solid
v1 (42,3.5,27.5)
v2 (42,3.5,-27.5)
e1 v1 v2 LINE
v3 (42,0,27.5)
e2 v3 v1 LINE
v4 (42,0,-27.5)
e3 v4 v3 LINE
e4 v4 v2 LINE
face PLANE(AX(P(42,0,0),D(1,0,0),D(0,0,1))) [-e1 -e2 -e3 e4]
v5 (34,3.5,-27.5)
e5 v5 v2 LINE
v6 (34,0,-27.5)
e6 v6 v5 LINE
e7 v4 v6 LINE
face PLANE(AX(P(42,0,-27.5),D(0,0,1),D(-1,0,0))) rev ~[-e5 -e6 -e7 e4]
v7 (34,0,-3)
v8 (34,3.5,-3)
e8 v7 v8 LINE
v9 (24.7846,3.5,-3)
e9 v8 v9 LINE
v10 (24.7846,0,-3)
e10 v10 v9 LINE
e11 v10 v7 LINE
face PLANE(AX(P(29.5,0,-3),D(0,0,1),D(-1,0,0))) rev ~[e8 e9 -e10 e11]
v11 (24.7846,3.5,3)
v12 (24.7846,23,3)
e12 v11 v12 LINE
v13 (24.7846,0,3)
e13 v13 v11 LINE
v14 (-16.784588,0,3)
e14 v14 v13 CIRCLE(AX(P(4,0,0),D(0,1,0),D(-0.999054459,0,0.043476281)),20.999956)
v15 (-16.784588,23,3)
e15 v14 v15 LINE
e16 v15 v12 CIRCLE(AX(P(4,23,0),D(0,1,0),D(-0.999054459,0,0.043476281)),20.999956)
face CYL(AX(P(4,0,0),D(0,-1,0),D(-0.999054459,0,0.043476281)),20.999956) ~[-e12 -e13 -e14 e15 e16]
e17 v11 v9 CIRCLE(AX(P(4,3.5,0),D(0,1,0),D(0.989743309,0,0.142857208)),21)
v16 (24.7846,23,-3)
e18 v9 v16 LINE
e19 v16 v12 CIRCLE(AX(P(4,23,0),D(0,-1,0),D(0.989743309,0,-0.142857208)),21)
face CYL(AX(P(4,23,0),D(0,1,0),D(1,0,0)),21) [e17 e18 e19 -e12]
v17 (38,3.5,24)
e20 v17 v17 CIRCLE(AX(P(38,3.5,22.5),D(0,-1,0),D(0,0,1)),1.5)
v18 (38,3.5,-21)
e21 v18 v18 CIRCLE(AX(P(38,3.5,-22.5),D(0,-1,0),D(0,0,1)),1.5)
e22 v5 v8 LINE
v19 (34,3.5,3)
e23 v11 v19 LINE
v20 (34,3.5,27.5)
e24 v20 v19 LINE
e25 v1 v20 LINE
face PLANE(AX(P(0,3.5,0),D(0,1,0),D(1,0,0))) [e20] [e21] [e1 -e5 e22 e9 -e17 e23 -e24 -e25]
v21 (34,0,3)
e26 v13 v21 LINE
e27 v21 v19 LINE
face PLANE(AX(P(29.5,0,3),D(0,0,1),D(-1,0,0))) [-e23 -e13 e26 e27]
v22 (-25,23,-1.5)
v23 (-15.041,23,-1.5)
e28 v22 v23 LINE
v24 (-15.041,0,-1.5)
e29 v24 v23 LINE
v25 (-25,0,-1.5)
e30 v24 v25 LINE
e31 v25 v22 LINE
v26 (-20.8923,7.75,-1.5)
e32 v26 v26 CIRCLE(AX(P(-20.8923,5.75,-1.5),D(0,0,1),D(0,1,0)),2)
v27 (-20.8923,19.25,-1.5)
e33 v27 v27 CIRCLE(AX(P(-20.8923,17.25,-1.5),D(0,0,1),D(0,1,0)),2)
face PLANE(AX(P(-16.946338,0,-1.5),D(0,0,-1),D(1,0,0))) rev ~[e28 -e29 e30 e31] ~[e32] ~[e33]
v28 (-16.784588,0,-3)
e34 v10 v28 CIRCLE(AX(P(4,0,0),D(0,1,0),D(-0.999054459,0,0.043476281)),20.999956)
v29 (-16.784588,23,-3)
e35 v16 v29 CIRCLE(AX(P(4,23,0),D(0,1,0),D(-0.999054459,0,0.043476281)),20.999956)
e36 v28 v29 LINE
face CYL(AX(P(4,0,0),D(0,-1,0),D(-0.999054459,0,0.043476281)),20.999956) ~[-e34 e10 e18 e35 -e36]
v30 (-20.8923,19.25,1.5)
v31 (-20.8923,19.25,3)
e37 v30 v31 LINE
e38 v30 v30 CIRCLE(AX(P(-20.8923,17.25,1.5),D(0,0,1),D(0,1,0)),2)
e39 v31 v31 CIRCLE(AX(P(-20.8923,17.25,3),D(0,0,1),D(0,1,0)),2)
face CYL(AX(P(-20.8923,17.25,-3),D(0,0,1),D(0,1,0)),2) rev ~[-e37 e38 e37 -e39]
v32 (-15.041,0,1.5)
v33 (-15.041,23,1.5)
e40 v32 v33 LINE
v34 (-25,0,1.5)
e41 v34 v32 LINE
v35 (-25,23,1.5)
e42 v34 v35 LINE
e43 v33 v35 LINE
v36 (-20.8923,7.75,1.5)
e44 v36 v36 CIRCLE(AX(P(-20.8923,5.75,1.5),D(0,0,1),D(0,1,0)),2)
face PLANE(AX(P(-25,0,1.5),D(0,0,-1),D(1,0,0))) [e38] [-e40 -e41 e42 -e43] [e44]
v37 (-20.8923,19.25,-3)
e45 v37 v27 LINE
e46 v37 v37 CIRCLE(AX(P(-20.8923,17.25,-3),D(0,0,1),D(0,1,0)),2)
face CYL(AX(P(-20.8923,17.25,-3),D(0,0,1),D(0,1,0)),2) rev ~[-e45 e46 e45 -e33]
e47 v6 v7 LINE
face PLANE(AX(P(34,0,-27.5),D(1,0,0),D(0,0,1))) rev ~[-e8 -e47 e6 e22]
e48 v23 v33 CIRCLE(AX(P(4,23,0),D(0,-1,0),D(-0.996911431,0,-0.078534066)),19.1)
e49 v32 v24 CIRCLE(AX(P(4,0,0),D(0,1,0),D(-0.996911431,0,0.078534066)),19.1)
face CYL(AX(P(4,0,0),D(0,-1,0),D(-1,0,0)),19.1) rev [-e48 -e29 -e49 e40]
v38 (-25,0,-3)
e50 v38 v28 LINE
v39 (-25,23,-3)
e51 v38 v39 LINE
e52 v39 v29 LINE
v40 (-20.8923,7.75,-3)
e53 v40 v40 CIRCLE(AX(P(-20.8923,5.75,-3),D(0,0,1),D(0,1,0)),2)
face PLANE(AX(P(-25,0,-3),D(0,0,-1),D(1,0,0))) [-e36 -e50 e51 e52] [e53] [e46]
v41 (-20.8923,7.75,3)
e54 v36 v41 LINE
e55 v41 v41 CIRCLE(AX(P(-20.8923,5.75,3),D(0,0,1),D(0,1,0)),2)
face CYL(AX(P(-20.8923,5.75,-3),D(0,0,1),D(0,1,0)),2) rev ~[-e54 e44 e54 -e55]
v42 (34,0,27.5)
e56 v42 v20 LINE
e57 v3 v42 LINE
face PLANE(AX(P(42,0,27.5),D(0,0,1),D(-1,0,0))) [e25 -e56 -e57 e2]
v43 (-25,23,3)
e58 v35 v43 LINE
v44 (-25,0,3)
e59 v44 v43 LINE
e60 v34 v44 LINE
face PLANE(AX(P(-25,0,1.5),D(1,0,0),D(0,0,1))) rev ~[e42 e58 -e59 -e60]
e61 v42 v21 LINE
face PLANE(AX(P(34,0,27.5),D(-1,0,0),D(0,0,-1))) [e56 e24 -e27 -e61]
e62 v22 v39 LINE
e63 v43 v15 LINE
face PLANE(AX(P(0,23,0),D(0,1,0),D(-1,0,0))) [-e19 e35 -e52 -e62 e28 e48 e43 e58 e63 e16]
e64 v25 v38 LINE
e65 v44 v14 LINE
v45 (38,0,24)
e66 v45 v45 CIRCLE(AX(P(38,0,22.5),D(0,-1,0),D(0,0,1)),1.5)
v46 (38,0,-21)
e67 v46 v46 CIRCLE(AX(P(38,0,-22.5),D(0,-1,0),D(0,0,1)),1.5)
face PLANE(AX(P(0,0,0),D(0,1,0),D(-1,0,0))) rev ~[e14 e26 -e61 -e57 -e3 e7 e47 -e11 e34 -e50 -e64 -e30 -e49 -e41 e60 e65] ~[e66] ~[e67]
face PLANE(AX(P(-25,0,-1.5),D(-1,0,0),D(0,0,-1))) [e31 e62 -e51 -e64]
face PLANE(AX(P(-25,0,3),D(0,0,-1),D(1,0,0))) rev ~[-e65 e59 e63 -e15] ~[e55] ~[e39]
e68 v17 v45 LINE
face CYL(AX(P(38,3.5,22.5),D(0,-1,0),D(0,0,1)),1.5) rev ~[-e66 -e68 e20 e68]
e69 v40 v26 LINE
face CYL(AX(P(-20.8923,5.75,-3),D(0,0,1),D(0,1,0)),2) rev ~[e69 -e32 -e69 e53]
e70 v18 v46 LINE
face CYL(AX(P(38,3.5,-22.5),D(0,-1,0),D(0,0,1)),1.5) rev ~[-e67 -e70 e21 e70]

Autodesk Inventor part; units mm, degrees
ref_plane "YZ Plane" through (0, 0, 0) normal (1, 0, 0) x (0, 1, 0)
ref_plane "XZ Plane" through (0, 0, 0) normal (0, 1, 0) x (-1, 0, 0)
ref_plane "XY Plane" through (0, 0, 0) normal (0, 0, 1) x (1, 0, 0)
sketch "Sketch1" plane through (0, 0, 0) normal (0, 1, 0) x (-1, 0, 0)
  arc A0 (16.9801, 0.913) -> (16.9801, -0.913) centre (-4, 0) ccw
  circle A1 centre (-4, 0) radius 21
  circle A2 centre (-4, 0) radius 19.1
  line L0 (17, 0) -> (25, 0)
  line L1 (25, 0) -> (25, -1.5)
  line L2 (25, -1.5) -> (15.041, -1.5)
  line L3 (25, 0) -> (25, 1.5)
  line L4 (25, 1.5) -> (15.041, 1.5)
  line L5 (25, -1.5) -> (25, -3)
  line L6 (25, -3) -> (14.8629, -3)
  line L7 (25, 1.5) -> (25, 3)
  line L8 (25, 3) -> (14.8629, 3)
  line L9 (-25, 0) -> (-34, 0)
  line L10 (-34, 0) -> (-42, 0)
  line L11 (-42, 0) -> (-42, 27.5)
  line L12 (-42, 27.5) -> (-34, 27.5)
  line L13 (-34, 27.5) -> (-34, 0)
  line L14 (-42, 0) -> (-42, -27.5)
  line L15 (-42, -27.5) -> (-34, -27.5)
  line L16 (-34, -27.5) -> (-34, 0)
  line L17 (-29.5, 0) -> (-29.5, 3)
  line L18 (-29.5, 3) -> (-24.7846, 3)
  line L19 (-29.5, 3) -> (-34, 3)
  line L20 (-29.5, 0) -> (-29.5, -3)
  line L21 (-29.5, -3) -> (-24.7846, -3)
  line L22 (-29.5, -3) -> (-34, -3)
  point P0 (-22.9783, -26)
  point P1 (16.7846, 3)
  point P2 (16.7846, -3)
  point P3 (-24.7846, 3)
  dimension "d8" = 38.2
  dimension "d9" = 8
  dimension "d10" = 1.5
  dimension "d11" = 1.5
  dimension "d12" = 1.5
  dimension "d13" = 1.5
  dimension "d31" = 21
  dimension "d60" = 9
  dimension "d61" = 8
  dimension "d62" = 27.5
  dimension "d63" = 27.5
  dimension "d64" = 3
  dimension "d65" = 3
extrude "Extrusion1" add sketch "Sketch1" along normal blind 23 contours A0 L8 A2 L6 | A0 L9 L17 L18 | A0 L21 L20 L9 | L8 L7 L4 A0 | A0 L4 A2 L8 | L17 L9 L13 L19 | L20 L22 L16 L9 | L13 L10 L11 L12 | L6 A2 L2 A0 | A0 L2 L5 L6 | L16 L15 L14 L10
sketch "Sketch4" plane through (-16.7846, 0, -3) normal (0, 0, -1) x (-1, 0, 0)
  line L0 (0, 0) -> (-41.5692, 0) projected
  line L1 (8.2154, 0) -> (8.2154, 23) projected
  line L2 (0, 0) -> (8.2154, 0)
  line L3 (8.2154, 0) -> (8.2154, 23)
  line L4 (8.2154, 23) -> (0, 23)
  line L5 (0, 23) -> (0, 0)
  line L6 (0, 11.5) -> (8.2154, 11.5)
  line L7 (4.1077, 11.5) -> (4.1077, 23)
  line L8 (4.1077, 11.5) -> (4.1077, 0)
  point P0 (-16.7846, 0)
  point P1 (4.1077, 5.75)
  point P2 (4.1077, 17.25)
hole "Hole2" at (-20.8923, 5.75, -3) at (-20.8923, 17.25, -3) direction (0, 0, 1) diameter 4 depth 8 tip angle 118
sketch "Sketch8" plane through (0, 23, 0) normal (0, 1, 0) x (1, 0, 0)
  line L0 (34, 3) -> (24.7846, 3) projected
  line L1 (34, 3) -> (24.7846, 3)
  line L2 (34, 27.5) -> (34, 3) projected
  line L3 (34, 3) -> (34, 27.5)
  line L4 (42, -27.5) -> (42, 27.5) projected
  line L5 (34, 27.5) -> (42, 27.5)
  line L6 (42, 27.5) -> (42, -27.5)
  line L7 (42, -27.5) -> (34, -27.5)
  line L8 (24.7846, -3) -> (34, -3) projected
  line L9 (34, -27.5) -> (34, -3)
  line L10 (34, -3) -> (24.7846, -3)
  arc A0 (24.7846, 3) -> (-16.7846, 3) centre (4, 0) ccw projected
  line L11 (4, 21) -> (4, 0)
  circle A1 centre (4, 0) radius 21
  point P0 (0, 0)
  point P1 (24.7846, 3)
  point P2 (24.7846, -3)
  dimension "d78" = 42
extrude "Extrusion5" cut sketch "Sketch8" against normal blind 19.5 contours L2 L5 L4 L7 L9 L8 A1 L0
sketch "Sketch9" plane through (0, 3.5, 0) normal (0, 1, 0) x (1, 0, 0)
  line L0 (34, 3) -> (34, 27.5) projected
  line L1 (34, -3) -> (34, 3)
  line L2 (34, 3) -> (34, 0)
  line L3 (42, 27.5) -> (42, -27.5) projected
  line L4 (42, 0) -> (34, 0)
  line L5 (38, 0) -> (38, -22.5)
  line L6 (38, 0) -> (38, 22.5)
  point P0 (0, 0)
  dimension "d69" = 22.5
  dimension "d70" = 22.5
hole "Hole4" at (38, 3.5, -22.5) at (38, 3.5, 22.5) direction (0, -1, 0) diameter 3 depth 8 tip angle 118
properties part number "Bracket kamera"
